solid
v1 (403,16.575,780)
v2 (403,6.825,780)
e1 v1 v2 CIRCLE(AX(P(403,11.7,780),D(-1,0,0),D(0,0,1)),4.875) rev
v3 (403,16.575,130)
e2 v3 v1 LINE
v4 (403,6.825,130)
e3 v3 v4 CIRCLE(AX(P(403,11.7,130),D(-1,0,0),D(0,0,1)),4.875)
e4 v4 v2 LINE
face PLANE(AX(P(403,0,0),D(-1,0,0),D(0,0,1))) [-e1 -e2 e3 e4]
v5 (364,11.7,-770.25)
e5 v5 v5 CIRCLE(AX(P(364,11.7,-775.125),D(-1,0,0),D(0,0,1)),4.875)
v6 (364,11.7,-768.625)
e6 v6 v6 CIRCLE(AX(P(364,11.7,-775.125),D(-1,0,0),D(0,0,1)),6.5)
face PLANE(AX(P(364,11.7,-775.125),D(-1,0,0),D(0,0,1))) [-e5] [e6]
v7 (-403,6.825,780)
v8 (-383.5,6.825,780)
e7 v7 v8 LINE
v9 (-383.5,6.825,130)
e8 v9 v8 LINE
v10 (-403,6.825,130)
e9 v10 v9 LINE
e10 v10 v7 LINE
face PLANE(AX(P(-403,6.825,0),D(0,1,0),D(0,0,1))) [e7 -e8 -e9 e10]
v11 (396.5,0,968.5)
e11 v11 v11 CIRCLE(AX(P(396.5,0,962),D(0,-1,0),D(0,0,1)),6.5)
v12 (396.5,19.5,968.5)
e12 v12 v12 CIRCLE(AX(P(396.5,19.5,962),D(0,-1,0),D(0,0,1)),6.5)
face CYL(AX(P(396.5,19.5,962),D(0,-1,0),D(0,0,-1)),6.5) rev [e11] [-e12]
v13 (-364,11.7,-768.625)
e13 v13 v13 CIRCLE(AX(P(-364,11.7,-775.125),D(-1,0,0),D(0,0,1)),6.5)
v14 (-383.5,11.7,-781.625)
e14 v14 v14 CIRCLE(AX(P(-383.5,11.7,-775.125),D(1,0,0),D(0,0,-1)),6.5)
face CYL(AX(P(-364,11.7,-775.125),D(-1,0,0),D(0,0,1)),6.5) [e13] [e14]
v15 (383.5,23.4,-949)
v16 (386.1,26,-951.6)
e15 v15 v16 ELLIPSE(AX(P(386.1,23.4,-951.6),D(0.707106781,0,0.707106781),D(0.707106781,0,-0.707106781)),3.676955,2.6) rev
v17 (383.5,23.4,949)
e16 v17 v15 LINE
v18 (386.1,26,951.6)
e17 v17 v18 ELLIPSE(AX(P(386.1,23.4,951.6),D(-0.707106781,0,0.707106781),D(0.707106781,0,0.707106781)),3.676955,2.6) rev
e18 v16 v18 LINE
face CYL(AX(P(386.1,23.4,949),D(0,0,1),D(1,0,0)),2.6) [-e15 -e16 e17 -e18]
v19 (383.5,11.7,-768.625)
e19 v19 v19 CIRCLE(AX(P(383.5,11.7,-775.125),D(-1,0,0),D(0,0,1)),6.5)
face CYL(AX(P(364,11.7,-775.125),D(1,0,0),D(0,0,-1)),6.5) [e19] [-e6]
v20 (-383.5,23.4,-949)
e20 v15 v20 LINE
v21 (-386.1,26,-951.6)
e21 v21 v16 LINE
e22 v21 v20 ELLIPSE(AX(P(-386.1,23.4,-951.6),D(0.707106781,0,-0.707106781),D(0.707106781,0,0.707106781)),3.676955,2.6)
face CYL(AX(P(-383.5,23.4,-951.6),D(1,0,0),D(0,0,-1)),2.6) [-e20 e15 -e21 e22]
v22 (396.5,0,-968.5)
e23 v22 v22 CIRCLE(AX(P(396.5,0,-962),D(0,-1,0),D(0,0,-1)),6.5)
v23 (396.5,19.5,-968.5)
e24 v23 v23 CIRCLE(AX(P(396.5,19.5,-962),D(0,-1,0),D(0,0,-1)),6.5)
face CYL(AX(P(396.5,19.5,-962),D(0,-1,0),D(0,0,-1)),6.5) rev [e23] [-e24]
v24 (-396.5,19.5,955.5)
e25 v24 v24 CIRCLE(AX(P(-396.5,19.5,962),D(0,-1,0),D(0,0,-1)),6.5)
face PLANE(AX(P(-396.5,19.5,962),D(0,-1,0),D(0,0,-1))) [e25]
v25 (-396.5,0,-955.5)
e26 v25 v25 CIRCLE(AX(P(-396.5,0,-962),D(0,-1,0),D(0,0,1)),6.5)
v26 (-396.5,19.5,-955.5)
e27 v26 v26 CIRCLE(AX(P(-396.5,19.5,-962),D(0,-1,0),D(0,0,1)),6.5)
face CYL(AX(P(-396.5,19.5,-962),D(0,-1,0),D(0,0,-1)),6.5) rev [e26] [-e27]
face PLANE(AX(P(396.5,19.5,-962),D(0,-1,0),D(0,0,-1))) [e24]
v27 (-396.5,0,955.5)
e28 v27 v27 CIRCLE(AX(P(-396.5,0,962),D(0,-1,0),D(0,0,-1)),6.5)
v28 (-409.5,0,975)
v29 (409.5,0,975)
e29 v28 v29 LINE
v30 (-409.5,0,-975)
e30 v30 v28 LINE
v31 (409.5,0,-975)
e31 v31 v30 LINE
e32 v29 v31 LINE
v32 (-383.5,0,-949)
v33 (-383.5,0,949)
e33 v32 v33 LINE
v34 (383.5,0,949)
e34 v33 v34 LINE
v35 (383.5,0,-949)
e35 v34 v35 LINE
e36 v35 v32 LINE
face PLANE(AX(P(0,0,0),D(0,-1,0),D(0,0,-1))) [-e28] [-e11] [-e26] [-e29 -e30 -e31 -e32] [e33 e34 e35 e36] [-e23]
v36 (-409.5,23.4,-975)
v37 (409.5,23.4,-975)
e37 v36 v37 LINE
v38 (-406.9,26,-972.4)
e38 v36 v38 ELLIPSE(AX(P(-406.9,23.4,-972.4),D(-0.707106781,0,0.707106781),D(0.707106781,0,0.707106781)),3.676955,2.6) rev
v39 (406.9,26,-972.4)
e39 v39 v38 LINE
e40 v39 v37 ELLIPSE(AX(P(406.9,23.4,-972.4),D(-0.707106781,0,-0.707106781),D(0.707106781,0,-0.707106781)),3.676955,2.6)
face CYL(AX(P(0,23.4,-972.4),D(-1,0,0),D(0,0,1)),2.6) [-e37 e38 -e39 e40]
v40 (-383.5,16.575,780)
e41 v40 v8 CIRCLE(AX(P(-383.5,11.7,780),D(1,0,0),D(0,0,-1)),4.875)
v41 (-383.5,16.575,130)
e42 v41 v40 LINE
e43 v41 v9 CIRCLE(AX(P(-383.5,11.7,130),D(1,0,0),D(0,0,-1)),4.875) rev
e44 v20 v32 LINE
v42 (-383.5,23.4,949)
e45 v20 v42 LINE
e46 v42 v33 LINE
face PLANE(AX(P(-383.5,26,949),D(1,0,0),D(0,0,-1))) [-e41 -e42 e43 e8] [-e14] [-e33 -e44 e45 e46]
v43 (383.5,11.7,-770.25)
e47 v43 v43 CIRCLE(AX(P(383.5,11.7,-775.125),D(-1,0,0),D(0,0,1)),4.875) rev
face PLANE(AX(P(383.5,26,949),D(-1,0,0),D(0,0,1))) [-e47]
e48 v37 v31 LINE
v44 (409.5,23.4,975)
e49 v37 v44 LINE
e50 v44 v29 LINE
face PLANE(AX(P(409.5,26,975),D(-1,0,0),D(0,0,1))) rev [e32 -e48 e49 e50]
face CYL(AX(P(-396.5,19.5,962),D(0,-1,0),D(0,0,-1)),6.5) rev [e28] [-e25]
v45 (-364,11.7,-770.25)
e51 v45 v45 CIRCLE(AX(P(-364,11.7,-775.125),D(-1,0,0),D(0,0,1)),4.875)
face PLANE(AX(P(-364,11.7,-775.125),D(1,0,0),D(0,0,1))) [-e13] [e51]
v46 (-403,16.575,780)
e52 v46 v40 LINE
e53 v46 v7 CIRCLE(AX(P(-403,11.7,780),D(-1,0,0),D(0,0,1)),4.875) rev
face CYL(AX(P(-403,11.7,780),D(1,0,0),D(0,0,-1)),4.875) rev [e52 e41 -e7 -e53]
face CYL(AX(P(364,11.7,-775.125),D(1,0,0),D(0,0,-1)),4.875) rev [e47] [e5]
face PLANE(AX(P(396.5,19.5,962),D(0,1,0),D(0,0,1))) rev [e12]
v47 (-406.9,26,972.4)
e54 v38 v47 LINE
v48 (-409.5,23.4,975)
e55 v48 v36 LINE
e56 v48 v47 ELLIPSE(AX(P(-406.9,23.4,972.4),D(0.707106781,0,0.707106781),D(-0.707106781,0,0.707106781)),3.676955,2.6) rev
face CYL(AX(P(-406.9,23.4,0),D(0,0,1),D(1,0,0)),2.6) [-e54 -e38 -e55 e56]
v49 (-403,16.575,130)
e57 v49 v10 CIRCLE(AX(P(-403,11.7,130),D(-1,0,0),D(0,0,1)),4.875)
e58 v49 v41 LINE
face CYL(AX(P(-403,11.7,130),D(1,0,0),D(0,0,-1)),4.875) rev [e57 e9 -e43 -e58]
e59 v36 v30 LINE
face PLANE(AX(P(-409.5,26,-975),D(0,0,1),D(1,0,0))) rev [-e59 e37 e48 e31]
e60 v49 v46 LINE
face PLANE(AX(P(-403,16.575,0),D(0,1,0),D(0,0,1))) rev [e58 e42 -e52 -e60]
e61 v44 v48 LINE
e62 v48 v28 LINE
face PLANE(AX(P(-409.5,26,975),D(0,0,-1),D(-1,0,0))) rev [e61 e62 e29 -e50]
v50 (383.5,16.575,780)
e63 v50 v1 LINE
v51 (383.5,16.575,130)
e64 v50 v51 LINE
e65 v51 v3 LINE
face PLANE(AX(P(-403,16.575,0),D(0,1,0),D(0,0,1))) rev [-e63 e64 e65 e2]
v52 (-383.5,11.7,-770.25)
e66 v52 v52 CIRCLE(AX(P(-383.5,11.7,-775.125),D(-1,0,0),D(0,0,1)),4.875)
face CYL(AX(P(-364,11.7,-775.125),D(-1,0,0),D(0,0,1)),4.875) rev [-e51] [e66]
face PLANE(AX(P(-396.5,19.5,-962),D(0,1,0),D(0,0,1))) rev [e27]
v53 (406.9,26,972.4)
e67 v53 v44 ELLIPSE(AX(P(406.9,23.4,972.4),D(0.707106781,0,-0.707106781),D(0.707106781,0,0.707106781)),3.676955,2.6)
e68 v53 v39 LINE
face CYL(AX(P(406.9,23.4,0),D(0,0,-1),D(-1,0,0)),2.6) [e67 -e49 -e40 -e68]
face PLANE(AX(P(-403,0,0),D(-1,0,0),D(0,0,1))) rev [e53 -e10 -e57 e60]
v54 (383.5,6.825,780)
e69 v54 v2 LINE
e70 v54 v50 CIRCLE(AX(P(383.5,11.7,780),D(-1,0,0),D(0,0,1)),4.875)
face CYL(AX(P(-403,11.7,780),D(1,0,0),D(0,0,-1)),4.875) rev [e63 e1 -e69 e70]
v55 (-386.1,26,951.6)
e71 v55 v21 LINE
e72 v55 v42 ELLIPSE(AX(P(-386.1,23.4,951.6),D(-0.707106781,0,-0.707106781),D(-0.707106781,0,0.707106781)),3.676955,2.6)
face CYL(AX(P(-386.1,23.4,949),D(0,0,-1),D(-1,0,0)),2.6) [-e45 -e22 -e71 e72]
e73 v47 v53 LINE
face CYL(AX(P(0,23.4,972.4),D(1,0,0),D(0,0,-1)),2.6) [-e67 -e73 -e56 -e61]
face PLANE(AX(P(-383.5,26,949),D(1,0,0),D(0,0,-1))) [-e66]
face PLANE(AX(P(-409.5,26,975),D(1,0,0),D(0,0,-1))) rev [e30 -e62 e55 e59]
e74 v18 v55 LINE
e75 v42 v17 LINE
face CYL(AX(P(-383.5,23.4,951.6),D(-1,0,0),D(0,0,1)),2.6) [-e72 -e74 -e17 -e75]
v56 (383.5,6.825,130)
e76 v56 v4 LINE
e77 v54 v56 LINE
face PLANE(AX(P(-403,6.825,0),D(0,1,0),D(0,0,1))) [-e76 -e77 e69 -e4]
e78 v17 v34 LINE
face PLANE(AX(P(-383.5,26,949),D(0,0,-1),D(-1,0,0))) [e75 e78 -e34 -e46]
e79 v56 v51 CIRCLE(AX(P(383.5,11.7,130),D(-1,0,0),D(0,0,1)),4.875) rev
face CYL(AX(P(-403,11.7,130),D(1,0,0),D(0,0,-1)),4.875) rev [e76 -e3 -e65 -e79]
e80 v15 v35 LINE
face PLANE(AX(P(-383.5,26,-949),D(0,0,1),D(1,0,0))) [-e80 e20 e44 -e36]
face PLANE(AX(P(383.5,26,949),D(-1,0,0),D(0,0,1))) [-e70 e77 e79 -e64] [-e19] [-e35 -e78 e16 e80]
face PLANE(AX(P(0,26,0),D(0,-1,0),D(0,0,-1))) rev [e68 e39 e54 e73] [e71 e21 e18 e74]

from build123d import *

# Parameters (mm, degrees)
CROQUIS1_W                 = 630
CROQUIS1_H                 = 1500
CROQUIS1_W_2               = 590
CROQUIS1_H_2               = 1460
SALIENTE_EXTRUIR1_DEPTH    = 20
CROQUIS2_R                 = 5
CORTAR_EXTRUIR1_DEPTH      = 15
REDONDEO1_R                = 2
CORTAR_EXTRUIR2_DEPTH      = 605
CORTAR_EXTRUIR2_DEPTH_BACK = 15
CROQUIS5_R                 = 5
CROQUIS5_R_2               = 3.75
SALIENTE_EXTRUIR2_DEPTH    = 15
ESCALA1_SCALE              = 1.3


with BuildPart() as part:
    # Croquis1 → Saliente-Extruir1 (new body)
    with BuildSketch(Plane(origin=(0, 0, 0), x_dir=(1, 0, 0), z_dir=(0, 1, 0))):
        Rectangle(CROQUIS1_W, CROQUIS1_H)
        Rectangle(CROQUIS1_W_2, CROQUIS1_H_2, mode=Mode.SUBTRACT)
    extrude(amount=SALIENTE_EXTRUIR1_DEPTH)

    # Croquis2 → Cortar-Extruir1 (cut)
    with BuildSketch(Plane.XZ):
        with Locations((-305, 740)):
            Circle(CROQUIS2_R)
        with Locations((305, 740)):
            Circle(CROQUIS2_R)
        with Locations((305, -740)):
            Circle(CROQUIS2_R)
        with Locations((-305, -740)):
            Circle(CROQUIS2_R)
    extrude(amount=-CORTAR_EXTRUIR1_DEPTH, mode=Mode.SUBTRACT)

    # Redondeo1
    redondeo1_edges = [part.edges().sort_by_distance(p)[0] for p in [
        (-315, 20, 0),
        (295, 20, 0),
        (0, 20, 750),
        (0, 20, -730),
        (-295, 20, 0),
        (0, 20, 730),
        (315, 20, 0),
        (0, 20, -750),
    ]]
    fillet(redondeo1_edges, radius=REDONDEO1_R)

    # Croquis4 → Cortar-Extruir2 (cut, two sides)
    with BuildSketch(Plane.ZY.offset(-295)) as cortar_extruir2_sk:
        with BuildLine():
            Line((600, 12.75), (100, 12.75))
            Line((100, 12.75), (100, 5.25))
            Line((100, 5.25), (600, 5.25))
            ThreePointArc((600, 5.25), (603.75, 9), (600, 12.75))
        make_face()
        with BuildLine():
            Line((100, 5.25), (100, 12.75))
            ThreePointArc((100, 12.75), (96.25, 9), (100, 5.25))
        make_face()
    extrude(amount=CORTAR_EXTRUIR2_DEPTH, mode=Mode.SUBTRACT)
    extrude(cortar_extruir2_sk.sketch, amount=-CORTAR_EXTRUIR2_DEPTH_BACK, mode=Mode.SUBTRACT)

    # Croquis5 → Saliente-Extruir2 (add)
    with BuildSketch(Plane.ZY.offset(-295)):
        with Locations((-596.25, 9)):
            Circle(CROQUIS5_R)
        with Locations((-596.25, 9)):
            Circle(CROQUIS5_R_2, mode=Mode.SUBTRACT)
    saliente_extruir2 = extrude(amount=SALIENTE_EXTRUIR2_DEPTH)

    # Simetría1: Saliente-Extruir2 across plane
    add(saliente_extruir2.mirror(Plane(origin=(0, 0, 0), x_dir=(0, 0, 1), z_dir=(1, 0, 0))))


with BuildPart() as part_1:
    # Escala1: scaled about (0, 0, 0)
    add(part.part.scale(ESCALA1_SCALE))


solid = part_1.part
